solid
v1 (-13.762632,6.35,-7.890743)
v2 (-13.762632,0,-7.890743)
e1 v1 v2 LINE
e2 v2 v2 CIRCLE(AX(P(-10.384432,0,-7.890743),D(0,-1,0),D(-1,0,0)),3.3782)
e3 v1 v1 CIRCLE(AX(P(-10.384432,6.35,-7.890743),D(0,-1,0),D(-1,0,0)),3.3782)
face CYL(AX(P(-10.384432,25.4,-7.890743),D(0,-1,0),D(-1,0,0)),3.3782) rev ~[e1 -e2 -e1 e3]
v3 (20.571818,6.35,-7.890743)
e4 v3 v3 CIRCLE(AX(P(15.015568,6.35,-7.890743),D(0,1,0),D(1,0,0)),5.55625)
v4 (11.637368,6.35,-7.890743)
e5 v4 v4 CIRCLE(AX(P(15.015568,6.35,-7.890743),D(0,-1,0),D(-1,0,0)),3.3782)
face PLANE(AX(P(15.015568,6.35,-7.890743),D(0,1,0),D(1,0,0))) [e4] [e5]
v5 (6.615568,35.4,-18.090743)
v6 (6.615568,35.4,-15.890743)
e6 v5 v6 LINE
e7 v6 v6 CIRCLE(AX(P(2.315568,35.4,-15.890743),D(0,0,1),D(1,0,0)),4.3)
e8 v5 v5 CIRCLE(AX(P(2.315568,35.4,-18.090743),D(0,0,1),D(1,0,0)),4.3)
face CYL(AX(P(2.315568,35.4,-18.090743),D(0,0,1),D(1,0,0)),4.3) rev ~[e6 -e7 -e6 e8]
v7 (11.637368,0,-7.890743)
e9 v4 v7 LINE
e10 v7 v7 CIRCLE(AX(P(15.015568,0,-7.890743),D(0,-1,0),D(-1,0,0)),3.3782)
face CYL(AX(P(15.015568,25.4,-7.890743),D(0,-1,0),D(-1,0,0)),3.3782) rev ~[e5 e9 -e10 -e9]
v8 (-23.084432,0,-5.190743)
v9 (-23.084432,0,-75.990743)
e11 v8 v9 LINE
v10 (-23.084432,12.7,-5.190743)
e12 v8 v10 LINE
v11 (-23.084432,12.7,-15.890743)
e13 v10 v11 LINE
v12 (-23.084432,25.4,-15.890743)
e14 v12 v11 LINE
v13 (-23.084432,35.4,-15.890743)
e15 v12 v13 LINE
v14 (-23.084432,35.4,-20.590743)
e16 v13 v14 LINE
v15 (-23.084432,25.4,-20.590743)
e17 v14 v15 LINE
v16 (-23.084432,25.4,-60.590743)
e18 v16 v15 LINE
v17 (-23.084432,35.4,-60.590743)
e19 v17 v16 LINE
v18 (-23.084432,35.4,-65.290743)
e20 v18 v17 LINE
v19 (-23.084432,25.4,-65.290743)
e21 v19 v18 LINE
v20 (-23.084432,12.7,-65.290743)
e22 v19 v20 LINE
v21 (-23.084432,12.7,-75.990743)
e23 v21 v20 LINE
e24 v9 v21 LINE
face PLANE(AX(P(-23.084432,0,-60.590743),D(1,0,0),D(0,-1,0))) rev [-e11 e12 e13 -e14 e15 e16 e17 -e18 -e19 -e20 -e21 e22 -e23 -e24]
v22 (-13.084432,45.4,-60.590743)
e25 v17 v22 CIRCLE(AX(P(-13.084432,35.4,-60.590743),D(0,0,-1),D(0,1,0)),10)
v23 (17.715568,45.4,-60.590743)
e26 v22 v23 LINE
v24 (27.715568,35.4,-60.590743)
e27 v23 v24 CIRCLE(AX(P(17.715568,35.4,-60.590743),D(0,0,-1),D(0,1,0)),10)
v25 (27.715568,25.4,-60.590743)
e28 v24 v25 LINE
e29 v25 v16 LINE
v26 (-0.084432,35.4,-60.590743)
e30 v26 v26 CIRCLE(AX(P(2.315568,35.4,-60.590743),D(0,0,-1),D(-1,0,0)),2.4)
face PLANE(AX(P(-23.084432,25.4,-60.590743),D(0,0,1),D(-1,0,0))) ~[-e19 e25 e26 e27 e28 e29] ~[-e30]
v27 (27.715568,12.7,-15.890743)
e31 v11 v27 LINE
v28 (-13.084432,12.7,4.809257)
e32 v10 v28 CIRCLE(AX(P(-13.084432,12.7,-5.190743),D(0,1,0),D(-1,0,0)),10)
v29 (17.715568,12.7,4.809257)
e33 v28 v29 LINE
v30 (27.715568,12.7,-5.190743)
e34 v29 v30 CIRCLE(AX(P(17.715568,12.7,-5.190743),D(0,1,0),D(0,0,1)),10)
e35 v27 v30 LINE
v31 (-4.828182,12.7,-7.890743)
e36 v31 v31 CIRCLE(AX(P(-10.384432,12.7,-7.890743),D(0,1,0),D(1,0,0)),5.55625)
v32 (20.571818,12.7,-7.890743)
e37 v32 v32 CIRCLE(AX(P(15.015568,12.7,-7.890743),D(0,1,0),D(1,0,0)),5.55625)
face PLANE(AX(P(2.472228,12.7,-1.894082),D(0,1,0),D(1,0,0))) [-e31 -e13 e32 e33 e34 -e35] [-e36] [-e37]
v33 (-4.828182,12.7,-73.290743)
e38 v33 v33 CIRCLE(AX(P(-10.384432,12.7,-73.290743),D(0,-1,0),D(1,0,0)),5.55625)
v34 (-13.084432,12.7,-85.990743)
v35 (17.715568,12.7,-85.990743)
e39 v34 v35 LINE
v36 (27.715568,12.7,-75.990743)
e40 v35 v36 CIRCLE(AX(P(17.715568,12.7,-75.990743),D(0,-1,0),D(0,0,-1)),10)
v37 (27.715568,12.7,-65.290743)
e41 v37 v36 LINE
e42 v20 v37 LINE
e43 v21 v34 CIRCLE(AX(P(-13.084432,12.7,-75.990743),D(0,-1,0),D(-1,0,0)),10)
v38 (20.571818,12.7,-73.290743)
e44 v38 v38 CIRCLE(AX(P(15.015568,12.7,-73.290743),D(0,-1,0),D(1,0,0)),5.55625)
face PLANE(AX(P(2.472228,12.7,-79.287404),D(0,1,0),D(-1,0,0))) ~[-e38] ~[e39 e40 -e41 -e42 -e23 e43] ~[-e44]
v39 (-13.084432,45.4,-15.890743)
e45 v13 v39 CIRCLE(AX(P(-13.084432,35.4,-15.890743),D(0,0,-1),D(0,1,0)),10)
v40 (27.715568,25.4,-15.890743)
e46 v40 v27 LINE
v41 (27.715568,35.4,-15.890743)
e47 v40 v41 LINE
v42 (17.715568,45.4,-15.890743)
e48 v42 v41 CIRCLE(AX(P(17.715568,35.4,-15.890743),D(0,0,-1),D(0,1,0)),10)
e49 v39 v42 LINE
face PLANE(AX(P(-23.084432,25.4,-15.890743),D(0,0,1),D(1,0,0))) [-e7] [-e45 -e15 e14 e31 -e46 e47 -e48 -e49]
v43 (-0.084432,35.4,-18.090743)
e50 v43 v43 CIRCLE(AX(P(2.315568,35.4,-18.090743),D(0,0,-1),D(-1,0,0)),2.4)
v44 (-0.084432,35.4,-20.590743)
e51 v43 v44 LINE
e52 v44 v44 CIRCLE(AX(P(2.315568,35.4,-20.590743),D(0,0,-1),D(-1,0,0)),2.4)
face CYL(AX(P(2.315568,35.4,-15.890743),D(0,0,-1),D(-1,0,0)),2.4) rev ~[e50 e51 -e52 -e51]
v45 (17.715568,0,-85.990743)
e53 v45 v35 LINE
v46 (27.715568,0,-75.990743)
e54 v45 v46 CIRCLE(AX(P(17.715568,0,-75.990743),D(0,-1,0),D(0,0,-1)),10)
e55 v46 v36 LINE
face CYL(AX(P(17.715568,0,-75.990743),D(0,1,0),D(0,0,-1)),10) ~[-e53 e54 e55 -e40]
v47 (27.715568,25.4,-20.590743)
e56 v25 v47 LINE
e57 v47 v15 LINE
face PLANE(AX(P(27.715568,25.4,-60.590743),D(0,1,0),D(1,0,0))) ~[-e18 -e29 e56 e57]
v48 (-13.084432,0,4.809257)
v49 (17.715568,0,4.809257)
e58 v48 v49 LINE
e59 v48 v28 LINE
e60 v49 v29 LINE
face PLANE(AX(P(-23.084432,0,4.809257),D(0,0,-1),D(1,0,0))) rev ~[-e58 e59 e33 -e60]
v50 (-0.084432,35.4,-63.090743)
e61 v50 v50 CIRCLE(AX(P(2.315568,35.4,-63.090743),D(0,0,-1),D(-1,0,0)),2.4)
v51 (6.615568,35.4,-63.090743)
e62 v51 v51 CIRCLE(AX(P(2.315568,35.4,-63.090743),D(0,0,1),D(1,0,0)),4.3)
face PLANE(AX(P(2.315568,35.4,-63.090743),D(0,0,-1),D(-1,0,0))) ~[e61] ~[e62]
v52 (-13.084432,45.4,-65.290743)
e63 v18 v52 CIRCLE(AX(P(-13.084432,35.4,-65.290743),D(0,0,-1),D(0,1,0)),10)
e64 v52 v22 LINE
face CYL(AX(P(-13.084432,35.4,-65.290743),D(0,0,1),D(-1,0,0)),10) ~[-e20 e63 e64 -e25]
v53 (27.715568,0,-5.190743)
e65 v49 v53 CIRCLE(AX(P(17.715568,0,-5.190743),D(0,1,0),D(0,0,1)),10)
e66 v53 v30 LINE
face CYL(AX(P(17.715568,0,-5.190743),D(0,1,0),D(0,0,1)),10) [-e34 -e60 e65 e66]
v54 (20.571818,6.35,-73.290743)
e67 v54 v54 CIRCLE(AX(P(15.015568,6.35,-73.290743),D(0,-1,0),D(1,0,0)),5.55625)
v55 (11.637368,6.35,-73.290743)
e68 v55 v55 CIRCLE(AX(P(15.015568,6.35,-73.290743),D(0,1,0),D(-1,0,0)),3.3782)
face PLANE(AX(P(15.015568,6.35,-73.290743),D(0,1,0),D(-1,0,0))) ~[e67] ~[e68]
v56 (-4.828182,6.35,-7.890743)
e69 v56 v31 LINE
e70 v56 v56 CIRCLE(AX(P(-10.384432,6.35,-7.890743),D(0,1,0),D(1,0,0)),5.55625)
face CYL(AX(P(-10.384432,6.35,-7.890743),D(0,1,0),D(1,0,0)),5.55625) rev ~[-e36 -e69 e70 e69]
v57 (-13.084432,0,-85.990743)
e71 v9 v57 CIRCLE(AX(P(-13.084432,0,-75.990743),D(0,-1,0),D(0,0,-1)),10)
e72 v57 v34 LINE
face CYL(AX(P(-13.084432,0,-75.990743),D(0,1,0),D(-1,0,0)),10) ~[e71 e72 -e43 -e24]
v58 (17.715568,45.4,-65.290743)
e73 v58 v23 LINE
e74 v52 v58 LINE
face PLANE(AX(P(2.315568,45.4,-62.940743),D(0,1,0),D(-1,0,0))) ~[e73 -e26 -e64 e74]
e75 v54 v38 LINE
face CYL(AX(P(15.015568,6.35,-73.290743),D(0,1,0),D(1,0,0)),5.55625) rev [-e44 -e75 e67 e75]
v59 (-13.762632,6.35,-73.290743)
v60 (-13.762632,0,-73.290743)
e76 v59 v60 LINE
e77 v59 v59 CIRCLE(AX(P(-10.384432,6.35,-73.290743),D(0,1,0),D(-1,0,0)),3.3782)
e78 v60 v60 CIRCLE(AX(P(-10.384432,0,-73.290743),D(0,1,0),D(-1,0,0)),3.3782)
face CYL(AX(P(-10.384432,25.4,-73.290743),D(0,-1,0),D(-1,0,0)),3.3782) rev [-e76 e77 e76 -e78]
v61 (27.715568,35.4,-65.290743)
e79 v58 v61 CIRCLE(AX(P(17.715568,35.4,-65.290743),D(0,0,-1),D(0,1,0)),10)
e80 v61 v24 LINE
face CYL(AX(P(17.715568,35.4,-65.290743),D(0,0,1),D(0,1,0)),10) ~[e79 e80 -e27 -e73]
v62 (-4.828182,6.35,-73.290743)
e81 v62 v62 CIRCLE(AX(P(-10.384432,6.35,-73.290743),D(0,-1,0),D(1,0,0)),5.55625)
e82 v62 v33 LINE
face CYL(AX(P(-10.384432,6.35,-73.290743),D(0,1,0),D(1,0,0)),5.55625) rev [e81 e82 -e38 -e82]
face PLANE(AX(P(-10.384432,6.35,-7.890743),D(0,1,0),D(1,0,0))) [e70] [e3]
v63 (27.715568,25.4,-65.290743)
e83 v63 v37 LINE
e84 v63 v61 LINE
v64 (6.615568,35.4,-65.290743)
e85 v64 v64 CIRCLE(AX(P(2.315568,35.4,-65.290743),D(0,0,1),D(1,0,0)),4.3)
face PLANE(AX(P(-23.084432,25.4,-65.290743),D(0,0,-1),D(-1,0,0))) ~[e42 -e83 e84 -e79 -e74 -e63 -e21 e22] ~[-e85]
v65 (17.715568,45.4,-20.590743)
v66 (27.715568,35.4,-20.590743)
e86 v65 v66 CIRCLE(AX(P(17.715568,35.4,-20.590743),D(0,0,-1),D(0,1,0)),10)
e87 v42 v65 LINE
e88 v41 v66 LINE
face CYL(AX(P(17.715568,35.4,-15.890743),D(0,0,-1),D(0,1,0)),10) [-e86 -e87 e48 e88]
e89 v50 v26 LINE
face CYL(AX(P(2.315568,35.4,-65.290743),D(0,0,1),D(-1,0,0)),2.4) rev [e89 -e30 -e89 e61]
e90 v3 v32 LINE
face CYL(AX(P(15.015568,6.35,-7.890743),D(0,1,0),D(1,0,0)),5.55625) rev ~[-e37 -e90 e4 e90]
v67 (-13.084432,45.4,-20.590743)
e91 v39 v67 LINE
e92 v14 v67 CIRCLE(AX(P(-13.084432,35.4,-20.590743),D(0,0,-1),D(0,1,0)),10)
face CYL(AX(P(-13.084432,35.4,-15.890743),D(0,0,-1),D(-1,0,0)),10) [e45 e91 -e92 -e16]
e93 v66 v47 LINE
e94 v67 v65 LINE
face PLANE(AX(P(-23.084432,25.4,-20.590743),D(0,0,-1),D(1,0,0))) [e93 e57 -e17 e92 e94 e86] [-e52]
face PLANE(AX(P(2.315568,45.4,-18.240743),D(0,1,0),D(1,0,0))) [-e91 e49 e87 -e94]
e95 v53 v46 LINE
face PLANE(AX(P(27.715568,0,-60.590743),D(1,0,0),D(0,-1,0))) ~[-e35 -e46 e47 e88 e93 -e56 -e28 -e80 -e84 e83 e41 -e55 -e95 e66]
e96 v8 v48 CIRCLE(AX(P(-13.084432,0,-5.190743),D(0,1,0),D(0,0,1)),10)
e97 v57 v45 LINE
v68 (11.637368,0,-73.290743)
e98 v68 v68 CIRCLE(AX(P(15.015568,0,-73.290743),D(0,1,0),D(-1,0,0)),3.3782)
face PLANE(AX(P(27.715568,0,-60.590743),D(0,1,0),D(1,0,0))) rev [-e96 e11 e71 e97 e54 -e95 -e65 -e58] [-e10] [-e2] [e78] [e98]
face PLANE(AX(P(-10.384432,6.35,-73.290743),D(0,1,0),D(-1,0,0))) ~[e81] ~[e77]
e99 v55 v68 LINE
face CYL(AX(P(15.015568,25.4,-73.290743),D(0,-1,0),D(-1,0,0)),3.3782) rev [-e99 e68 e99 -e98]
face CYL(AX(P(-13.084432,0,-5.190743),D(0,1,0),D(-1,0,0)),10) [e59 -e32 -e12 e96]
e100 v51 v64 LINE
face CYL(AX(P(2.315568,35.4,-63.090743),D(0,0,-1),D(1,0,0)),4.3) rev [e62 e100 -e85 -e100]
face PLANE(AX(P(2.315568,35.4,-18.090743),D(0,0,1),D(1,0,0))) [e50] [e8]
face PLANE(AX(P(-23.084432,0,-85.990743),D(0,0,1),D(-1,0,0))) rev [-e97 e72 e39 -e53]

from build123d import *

# Parameters (mm, degrees)
SKETCH1_W                                        = 50.8
SKETCH1_H                                        = 25.4
BOSS_EXTRUDE1_DEPTH                              = 25.4
CBORE_FOR_1_4_SOCKET_HEAD_CAP_SCREW1_D           = 6.7564
CBORE_FOR_1_4_SOCKET_HEAD_CAP_SCREW1_CBORE_D     = 11.1125
CBORE_FOR_1_4_SOCKET_HEAD_CAP_SCREW1_CBORE_DEPTH = 19.05
SKETCH6_W                                        = 50.8
SKETCH6_H                                        = 4.7
BOSS_EXTRUDE2_DEPTH                              = 20
CBORE_FOR_M4_SBHCS1_D                            = 4.8
CBORE_FOR_M4_SBHCS1_CBORE_D                      = 8.6
CBORE_FOR_M4_SBHCS1_CBORE_DEPTH                  = 2.2
FILLET1_R                                        = 10
SKETCH15_W                                       = 50.8
SKETCH15_H                                       = 25.4
BOSS_EXTRUDE3_DEPTH                              = 20
SKETCH16_W                                       = 51.113320751
SKETCH16_H                                       = 27.993322013
CUT_EXTRUDE2_DEPTH                               = 12.7


with BuildPart() as part:
    # Sketch1 → Boss-Extrude1 (new body)
    with BuildSketch(Plane(origin=(0, 0, 0), x_dir=(1, 0, 0), z_dir=(0, 1, 0))):
        with Locations((2.315568022, 7.890743338)):
            Rectangle(SKETCH1_W, SKETCH1_H)
    extrude(amount=BOSS_EXTRUDE1_DEPTH)

    # CBORE for 1/4 Socket Head Cap Screw1 (through all)
    with Locations(Plane(origin=(0, 25.4, 0), x_dir=(1, 0, 0), z_dir=(0, 1, 0))):
        with Locations((-10.384431978, 7.890743338), (15.015568022, 7.890743338)):
            CounterBoreHole(CBORE_FOR_1_4_SOCKET_HEAD_CAP_SCREW1_D / 2, CBORE_FOR_1_4_SOCKET_HEAD_CAP_SCREW1_CBORE_D / 2, CBORE_FOR_1_4_SOCKET_HEAD_CAP_SCREW1_CBORE_DEPTH)

    # Sketch6 → Boss-Extrude2 (add)
    with BuildSketch(Plane(origin=(0, 25.4, 0), x_dir=(1, 0, 0), z_dir=(0, 1, 0))):
        with Locations((2.315568022, 18.240743338)):
            Rectangle(SKETCH6_W, SKETCH6_H)
    extrude(amount=BOSS_EXTRUDE2_DEPTH)

    # CBORE for M4 SBHCS1 (through all)
    with Locations(Plane.XY.offset(-15.890743338)):
        with Locations((2.315568022, 35.4)):
            CounterBoreHole(CBORE_FOR_M4_SBHCS1_D / 2, CBORE_FOR_M4_SBHCS1_CBORE_D / 2, CBORE_FOR_M4_SBHCS1_CBORE_DEPTH)

    # Fillet1
    fillet1_edges = [part.edges().sort_by_distance(p)[0] for p in [
        (27.715568022, 45.4, -18.240743338),
        (-23.084431978, 45.4, -18.240743338),
        (27.715568022, 12.7, 4.809256662),
        (-23.084431978, 12.7, 4.809256662),
    ]]
    fillet(fillet1_edges, radius=FILLET1_R)

    # Sketch15 → Boss-Extrude3 (add)
    with BuildSketch(Plane(origin=(0, 0, -20.590743338), x_dir=(-1, 0, 0), z_dir=(0, 0, -1))):
        with Locations((-2.315568022, 12.7)):
            Rectangle(SKETCH15_W, SKETCH15_H)
    extrude(amount=BOSS_EXTRUDE3_DEPTH)

    # Sketch16 → Cut-Extrude2 (cut)
    with BuildSketch(Plane(origin=(0, 25.4, 0), x_dir=(1, 0, 0), z_dir=(0, 1, 0))):
        with Locations((2.472228398, 1.894082332)):
            Rectangle(SKETCH16_W, SKETCH16_H)
    extrude(amount=-CUT_EXTRUDE2_DEPTH, mode=Mode.SUBTRACT)

    # Mirror1: part across plane


with BuildPart() as part_1:
    add(part.part)
    add(part.part.mirror(Plane(origin=(0, 0, -40.590743338), x_dir=(1, 0, 0), z_dir=(0, 0, -1))))


solid = part_1.part
